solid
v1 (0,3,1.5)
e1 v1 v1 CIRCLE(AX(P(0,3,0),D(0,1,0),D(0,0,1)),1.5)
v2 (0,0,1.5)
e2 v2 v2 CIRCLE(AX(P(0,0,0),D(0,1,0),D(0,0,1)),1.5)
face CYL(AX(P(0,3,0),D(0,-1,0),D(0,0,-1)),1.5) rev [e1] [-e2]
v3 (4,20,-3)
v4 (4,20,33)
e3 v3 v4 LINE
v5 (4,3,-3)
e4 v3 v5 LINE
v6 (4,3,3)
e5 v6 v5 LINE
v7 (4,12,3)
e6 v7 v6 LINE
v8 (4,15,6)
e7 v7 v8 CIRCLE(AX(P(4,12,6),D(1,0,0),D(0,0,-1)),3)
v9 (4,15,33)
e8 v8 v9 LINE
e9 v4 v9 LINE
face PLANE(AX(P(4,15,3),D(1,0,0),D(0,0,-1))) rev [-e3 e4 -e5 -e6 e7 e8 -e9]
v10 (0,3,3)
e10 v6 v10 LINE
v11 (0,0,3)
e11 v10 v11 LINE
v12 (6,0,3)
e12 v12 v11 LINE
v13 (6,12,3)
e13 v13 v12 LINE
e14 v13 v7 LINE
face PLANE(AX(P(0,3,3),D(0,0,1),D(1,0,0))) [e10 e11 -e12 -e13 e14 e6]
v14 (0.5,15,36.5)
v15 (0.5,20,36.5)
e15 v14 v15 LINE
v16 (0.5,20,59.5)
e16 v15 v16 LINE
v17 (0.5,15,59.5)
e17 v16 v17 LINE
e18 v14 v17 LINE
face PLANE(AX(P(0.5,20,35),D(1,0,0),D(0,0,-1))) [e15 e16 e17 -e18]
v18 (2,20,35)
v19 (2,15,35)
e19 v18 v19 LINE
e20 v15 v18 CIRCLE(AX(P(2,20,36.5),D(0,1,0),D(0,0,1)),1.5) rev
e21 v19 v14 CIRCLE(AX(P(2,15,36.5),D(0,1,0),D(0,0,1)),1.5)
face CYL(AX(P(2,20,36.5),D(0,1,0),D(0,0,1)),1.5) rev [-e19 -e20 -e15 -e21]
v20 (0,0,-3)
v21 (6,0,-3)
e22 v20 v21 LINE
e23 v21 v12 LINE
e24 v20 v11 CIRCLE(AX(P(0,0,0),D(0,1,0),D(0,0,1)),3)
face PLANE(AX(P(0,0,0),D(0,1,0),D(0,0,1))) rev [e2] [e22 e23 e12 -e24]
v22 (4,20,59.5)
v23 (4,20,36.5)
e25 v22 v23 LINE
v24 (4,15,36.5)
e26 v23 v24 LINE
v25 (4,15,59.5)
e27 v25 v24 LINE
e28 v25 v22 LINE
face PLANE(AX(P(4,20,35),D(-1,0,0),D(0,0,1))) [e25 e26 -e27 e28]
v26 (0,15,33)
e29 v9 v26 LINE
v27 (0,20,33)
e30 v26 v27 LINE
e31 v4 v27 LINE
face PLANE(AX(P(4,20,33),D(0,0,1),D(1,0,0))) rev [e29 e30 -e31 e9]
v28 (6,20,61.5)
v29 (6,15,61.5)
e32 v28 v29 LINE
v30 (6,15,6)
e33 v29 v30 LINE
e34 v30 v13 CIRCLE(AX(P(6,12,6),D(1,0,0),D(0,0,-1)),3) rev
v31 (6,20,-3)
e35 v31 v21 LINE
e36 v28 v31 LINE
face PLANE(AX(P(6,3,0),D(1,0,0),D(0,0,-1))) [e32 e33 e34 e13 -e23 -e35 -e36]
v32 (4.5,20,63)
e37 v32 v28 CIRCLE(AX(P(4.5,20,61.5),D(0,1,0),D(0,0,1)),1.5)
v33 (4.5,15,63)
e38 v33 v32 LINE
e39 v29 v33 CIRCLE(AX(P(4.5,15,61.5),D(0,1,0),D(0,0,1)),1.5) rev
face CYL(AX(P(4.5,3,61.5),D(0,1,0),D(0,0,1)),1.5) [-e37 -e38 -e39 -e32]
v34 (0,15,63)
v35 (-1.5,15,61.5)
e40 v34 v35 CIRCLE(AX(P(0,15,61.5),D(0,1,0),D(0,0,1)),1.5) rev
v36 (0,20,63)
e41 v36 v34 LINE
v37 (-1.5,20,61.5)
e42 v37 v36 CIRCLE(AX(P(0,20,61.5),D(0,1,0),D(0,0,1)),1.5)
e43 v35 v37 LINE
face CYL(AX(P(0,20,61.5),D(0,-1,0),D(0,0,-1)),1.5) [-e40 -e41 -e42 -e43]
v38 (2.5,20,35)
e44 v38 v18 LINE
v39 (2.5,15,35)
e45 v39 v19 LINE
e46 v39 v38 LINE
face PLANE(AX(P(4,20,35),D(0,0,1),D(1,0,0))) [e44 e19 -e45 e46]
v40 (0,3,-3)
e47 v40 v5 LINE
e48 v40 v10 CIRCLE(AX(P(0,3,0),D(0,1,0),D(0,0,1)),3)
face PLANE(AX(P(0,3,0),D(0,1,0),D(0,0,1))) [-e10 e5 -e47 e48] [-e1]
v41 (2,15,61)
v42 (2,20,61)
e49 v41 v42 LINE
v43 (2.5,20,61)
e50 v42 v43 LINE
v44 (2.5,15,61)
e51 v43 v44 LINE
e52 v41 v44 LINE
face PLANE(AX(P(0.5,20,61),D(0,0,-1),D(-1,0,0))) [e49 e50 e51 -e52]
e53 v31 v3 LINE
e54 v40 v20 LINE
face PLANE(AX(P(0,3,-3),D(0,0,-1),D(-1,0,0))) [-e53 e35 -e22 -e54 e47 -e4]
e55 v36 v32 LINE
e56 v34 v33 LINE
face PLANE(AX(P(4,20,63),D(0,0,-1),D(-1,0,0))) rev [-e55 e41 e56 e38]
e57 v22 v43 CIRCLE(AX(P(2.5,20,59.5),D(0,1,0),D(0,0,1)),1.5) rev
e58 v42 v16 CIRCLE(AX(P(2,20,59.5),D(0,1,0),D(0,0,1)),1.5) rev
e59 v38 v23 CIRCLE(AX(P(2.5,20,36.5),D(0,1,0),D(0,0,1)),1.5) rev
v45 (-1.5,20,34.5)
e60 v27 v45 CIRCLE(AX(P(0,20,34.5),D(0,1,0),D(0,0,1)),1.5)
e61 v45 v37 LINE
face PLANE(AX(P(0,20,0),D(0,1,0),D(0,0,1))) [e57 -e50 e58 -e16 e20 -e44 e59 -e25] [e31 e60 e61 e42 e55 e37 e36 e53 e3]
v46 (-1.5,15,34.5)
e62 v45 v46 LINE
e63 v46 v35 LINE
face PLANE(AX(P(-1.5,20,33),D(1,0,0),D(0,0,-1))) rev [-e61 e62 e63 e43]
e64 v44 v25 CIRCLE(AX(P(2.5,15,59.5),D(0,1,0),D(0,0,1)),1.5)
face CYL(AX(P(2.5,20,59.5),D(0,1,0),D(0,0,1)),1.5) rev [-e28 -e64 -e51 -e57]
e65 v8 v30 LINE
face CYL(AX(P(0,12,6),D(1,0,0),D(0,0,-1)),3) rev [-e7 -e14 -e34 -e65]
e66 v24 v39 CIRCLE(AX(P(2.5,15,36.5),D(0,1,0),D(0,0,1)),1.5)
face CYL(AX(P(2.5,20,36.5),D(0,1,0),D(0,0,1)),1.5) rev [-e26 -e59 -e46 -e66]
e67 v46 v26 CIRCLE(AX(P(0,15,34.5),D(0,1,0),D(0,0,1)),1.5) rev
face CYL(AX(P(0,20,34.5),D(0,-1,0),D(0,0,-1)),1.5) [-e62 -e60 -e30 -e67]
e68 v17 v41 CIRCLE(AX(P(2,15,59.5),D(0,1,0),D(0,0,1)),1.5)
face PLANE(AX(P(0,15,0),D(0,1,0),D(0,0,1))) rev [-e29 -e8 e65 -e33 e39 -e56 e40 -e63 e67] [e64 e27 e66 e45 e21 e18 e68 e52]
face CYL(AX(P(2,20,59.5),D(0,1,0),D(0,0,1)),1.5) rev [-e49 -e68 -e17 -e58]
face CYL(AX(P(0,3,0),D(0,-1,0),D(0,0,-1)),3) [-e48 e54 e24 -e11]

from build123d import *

# Parameters (mm, degrees)
SKETCH_1_R      = 3
SKETCH_1_R_2    = 1.5
EXTRUDE_1_DEPTH = 3
SKETCH_2_W      = 2
SKETCH_2_H      = 6
EXTRUDE_2_DEPTH = 15
SKETCH_3_W      = 3.5
SKETCH_3_H      = 26
EXTRUDE_3_DEPTH = 5
FILLET_1_R      = 3
FILLET_2_R      = 1.5


with BuildPart() as part:
    # 草图1 → 凸台-拉伸1 (new body)
    # profile 1 of 2: a face of its own
    with BuildSketch(Plane(origin=(0, 0, 0), x_dir=(1, 0, 0), z_dir=(0, 1, 0))):
        with BuildLine():
            Line((6, 3), (0, 3))
            ThreePointArc((0, 3), (2.121320344, 2.121320344), (3, 0))
            ThreePointArc((3, 0), (2.121320344, -2.121320344), (0, -3))
            Line((0, -3), (6, -3))
            Line((6, -3), (6, 3))
        make_face()
    # profile 2 of 2: a face of its own
    with BuildSketch(Plane(origin=(0, 0, 0), x_dir=(1, 0, 0), z_dir=(0, 1, 0))):
        Circle(SKETCH_1_R)
        with Locations(Location((0, 0, 0), (0, 0, 270))):
            Circle(SKETCH_1_R_2, mode=Mode.SUBTRACT)
    extrude(amount=EXTRUDE_1_DEPTH)

    # 草图2 → 凸台-拉伸2 (add)
    with BuildSketch(Plane(origin=(0, 0, 0), x_dir=(1, 0, 0), z_dir=(0, 1, 0))):
        with Locations((5, 0)):
            Rectangle(SKETCH_2_W, SKETCH_2_H)
    extrude(amount=EXTRUDE_2_DEPTH)

    # 草图3 → 凸台-拉伸3 (add)
    with BuildSketch(Plane(origin=(0, 15, 0), x_dir=(1, 0, 0), z_dir=(0, 1, 0))):
        Polygon((6, 3), (6, -63), (4, -63), (0.094051249, -63), (-1.5, -63), (-1.5, -33), (4, -33), (4, 3), align=None)
        with Locations((2.25, -48)):
            Rectangle(SKETCH_3_W, SKETCH_3_H, mode=Mode.SUBTRACT)
    extrude(amount=EXTRUDE_3_DEPTH)

    # 圆角1
    fillet_1_edges = [part.edges().sort_by_distance(p)[0] for p in [
        (5, 15, 3),
    ]]
    fillet(fillet_1_edges, radius=FILLET_1_R)

    # 圆角2
    fillet_2_edges = [part.edges().sort_by_distance(p)[0] for p in [
        (-1.5, 17.5, 33),
        (-1.5, 17.5, 63),
        (6, 17.5, 63),
        (4, 17.5, 35),
        (0.5, 17.5, 35),
        (0.5, 17.5, 61),
        (4, 17.5, 61),
    ]]
    fillet(fillet_2_edges, radius=FILLET_2_R)


solid = part.part
